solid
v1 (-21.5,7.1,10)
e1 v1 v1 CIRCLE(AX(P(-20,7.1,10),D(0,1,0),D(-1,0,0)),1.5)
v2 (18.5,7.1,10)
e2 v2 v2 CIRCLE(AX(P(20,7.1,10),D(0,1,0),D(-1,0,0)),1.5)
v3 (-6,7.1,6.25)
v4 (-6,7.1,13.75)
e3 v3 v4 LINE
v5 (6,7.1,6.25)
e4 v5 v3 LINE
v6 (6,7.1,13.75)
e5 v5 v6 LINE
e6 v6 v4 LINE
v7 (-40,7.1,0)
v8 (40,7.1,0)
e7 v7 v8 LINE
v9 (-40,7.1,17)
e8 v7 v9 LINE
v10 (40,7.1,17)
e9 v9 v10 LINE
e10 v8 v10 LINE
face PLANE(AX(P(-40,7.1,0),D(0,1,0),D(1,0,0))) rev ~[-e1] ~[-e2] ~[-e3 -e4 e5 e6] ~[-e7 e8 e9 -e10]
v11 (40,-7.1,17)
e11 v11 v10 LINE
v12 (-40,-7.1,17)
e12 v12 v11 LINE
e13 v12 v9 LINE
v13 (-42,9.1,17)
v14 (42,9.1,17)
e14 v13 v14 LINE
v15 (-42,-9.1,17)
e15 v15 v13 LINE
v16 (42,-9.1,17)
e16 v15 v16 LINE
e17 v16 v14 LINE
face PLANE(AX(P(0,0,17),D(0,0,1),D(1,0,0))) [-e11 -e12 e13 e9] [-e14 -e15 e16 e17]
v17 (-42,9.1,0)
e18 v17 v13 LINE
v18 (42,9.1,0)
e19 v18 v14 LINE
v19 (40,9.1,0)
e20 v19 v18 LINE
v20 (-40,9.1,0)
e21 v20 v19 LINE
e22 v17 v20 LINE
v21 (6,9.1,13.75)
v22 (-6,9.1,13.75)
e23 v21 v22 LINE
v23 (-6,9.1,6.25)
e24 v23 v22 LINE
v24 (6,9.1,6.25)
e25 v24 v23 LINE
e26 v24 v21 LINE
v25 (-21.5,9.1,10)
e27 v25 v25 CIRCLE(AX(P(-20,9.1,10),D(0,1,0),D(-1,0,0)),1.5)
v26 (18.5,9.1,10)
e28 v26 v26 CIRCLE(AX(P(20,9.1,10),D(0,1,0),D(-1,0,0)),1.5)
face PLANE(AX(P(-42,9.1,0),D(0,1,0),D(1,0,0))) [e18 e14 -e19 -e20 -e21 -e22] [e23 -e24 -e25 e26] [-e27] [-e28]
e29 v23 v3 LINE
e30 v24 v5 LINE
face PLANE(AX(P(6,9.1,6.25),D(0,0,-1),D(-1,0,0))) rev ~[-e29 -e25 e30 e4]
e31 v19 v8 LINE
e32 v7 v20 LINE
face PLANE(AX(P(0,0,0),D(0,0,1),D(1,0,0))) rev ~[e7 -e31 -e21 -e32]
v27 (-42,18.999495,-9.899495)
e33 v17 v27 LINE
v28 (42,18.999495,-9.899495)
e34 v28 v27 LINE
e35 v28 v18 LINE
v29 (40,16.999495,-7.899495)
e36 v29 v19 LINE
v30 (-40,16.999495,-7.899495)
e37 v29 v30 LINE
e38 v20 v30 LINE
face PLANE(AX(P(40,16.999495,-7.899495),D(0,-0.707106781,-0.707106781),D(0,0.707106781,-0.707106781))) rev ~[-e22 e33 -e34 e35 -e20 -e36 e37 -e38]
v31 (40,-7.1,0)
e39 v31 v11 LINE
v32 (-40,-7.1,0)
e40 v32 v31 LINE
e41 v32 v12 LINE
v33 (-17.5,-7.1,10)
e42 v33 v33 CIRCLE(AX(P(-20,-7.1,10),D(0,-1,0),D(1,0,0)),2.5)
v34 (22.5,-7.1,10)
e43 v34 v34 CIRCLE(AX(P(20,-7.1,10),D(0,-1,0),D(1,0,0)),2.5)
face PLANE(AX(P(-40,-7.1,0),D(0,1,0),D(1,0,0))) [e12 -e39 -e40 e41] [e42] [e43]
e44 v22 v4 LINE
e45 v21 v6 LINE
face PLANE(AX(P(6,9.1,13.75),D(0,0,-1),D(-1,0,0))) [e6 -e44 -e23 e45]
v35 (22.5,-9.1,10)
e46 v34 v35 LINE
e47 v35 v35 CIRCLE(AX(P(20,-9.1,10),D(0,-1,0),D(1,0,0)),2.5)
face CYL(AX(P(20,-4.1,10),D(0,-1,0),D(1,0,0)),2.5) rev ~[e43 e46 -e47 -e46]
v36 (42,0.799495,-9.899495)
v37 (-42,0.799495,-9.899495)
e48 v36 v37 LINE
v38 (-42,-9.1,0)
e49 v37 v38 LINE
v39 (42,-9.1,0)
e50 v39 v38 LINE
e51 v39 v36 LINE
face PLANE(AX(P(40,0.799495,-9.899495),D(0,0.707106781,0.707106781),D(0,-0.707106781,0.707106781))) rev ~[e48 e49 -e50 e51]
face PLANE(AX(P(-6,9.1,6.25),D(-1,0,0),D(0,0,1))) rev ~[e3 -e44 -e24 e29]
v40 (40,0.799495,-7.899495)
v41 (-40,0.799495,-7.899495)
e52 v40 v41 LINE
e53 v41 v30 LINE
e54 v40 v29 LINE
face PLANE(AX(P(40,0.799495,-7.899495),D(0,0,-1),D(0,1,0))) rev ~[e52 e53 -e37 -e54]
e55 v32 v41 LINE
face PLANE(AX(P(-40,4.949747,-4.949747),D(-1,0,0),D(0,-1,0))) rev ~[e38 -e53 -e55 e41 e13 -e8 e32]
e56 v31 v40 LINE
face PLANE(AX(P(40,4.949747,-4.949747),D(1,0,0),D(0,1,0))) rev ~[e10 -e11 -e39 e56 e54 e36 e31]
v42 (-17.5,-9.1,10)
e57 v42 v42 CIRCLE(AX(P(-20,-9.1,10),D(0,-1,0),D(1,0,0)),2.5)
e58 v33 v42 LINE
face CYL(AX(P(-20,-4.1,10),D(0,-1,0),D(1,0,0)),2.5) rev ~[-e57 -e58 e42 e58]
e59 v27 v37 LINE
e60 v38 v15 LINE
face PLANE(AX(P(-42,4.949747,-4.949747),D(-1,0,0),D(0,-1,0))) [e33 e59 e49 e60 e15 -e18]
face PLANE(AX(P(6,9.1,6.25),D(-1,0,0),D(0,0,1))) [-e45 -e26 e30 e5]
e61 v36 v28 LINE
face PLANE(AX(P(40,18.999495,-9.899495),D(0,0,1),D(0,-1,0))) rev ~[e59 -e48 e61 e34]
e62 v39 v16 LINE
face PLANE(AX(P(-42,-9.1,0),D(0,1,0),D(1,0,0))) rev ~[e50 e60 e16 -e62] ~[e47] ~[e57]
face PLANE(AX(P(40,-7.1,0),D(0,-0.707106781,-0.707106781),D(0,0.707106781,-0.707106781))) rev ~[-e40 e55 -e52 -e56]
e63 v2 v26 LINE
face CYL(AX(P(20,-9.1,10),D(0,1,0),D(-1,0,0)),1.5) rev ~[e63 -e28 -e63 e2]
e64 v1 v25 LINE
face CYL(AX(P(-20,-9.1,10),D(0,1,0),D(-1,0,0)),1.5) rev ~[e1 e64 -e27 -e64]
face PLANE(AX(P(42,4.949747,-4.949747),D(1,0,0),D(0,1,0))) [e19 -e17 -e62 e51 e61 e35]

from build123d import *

# Parameters (mm, degrees)
F0_W           = 84
F0_H           = 18.2
F0_W_2         = 80
F0_H_2         = 14.2
F1_DEPTH       = 17
F3_D           = 3
F3_CBORE_D     = 5
F3_CBORE_DEPTH = 5
F4_W           = 12
F4_H           = 7.5
F5_DEPTH       = 2
F7_DEPTH       = 2
F9_DEPTH       = 2
F11_DEPTH      = 80
F13_DEPTH      = 80


with BuildPart() as f1:
    # F0 (on Top) → F1 (new body)
    with BuildSketch(Plane.XY):
        Rectangle(F0_W, F0_H)
        Rectangle(F0_W_2, F0_H_2, mode=Mode.SUBTRACT)
    extrude(amount=F1_DEPTH)

    # F3 (through all)
    with Locations(Plane.XZ.offset(9.1)):
        with Locations((-20, 10), (20, 10)):
            CounterBoreHole(F3_D / 2, F3_CBORE_D / 2, F3_CBORE_DEPTH)

    # F4 (on face) → F5 (cut)
    with BuildSketch(Plane(origin=(0, 9.1, 0), x_dir=(-1, 0, 0), z_dir=(0, 1, 0))):
        with Locations((0, 10)):
            Rectangle(F4_W, F4_H)
    extrude(amount=-F5_DEPTH, mode=Mode.SUBTRACT)

    # F6 (on face) → F7 (join)
    with BuildSketch(Plane(origin=(-42, 0, 0), x_dir=(0, -1, 0), z_dir=(-1, 0, 0))):
        Polygon((9.1, 0), (-9.1, 0), (-18.999495, -9.899495), (-0.799495, -9.899495), align=None)
    extrude(amount=-F7_DEPTH)

    # F8 (on face) → F9 (join)
    with BuildSketch(Plane.YZ.offset(42)):
        Polygon((9.1, 0), (-9.1, 0), (0.799495, -9.899495), (18.999495, -9.899495), align=None)
    extrude(amount=-F9_DEPTH)

    # F10 (on face) → F11 (join)
    with BuildSketch(Plane(origin=(40, 0, 0), x_dir=(0, -1, 0), z_dir=(-1, 0, 0))):
        Polygon((9.1, 0), (7.1, 0), (-2.799495, -9.899495), (-0.799495, -9.899495), align=None)
    extrude(amount=F11_DEPTH)

    # F12 (on face) → F13 (join)
    with BuildSketch(Plane(origin=(40, 0, 0), x_dir=(0, -1, 0), z_dir=(-1, 0, 0))):
        Polygon((-0.799495, -7.899495), (-16.999495, -7.899495), (-18.999495, -9.899495), (-2.799495, -9.899495), align=None)
    extrude(amount=F13_DEPTH)


solid = f1.part
